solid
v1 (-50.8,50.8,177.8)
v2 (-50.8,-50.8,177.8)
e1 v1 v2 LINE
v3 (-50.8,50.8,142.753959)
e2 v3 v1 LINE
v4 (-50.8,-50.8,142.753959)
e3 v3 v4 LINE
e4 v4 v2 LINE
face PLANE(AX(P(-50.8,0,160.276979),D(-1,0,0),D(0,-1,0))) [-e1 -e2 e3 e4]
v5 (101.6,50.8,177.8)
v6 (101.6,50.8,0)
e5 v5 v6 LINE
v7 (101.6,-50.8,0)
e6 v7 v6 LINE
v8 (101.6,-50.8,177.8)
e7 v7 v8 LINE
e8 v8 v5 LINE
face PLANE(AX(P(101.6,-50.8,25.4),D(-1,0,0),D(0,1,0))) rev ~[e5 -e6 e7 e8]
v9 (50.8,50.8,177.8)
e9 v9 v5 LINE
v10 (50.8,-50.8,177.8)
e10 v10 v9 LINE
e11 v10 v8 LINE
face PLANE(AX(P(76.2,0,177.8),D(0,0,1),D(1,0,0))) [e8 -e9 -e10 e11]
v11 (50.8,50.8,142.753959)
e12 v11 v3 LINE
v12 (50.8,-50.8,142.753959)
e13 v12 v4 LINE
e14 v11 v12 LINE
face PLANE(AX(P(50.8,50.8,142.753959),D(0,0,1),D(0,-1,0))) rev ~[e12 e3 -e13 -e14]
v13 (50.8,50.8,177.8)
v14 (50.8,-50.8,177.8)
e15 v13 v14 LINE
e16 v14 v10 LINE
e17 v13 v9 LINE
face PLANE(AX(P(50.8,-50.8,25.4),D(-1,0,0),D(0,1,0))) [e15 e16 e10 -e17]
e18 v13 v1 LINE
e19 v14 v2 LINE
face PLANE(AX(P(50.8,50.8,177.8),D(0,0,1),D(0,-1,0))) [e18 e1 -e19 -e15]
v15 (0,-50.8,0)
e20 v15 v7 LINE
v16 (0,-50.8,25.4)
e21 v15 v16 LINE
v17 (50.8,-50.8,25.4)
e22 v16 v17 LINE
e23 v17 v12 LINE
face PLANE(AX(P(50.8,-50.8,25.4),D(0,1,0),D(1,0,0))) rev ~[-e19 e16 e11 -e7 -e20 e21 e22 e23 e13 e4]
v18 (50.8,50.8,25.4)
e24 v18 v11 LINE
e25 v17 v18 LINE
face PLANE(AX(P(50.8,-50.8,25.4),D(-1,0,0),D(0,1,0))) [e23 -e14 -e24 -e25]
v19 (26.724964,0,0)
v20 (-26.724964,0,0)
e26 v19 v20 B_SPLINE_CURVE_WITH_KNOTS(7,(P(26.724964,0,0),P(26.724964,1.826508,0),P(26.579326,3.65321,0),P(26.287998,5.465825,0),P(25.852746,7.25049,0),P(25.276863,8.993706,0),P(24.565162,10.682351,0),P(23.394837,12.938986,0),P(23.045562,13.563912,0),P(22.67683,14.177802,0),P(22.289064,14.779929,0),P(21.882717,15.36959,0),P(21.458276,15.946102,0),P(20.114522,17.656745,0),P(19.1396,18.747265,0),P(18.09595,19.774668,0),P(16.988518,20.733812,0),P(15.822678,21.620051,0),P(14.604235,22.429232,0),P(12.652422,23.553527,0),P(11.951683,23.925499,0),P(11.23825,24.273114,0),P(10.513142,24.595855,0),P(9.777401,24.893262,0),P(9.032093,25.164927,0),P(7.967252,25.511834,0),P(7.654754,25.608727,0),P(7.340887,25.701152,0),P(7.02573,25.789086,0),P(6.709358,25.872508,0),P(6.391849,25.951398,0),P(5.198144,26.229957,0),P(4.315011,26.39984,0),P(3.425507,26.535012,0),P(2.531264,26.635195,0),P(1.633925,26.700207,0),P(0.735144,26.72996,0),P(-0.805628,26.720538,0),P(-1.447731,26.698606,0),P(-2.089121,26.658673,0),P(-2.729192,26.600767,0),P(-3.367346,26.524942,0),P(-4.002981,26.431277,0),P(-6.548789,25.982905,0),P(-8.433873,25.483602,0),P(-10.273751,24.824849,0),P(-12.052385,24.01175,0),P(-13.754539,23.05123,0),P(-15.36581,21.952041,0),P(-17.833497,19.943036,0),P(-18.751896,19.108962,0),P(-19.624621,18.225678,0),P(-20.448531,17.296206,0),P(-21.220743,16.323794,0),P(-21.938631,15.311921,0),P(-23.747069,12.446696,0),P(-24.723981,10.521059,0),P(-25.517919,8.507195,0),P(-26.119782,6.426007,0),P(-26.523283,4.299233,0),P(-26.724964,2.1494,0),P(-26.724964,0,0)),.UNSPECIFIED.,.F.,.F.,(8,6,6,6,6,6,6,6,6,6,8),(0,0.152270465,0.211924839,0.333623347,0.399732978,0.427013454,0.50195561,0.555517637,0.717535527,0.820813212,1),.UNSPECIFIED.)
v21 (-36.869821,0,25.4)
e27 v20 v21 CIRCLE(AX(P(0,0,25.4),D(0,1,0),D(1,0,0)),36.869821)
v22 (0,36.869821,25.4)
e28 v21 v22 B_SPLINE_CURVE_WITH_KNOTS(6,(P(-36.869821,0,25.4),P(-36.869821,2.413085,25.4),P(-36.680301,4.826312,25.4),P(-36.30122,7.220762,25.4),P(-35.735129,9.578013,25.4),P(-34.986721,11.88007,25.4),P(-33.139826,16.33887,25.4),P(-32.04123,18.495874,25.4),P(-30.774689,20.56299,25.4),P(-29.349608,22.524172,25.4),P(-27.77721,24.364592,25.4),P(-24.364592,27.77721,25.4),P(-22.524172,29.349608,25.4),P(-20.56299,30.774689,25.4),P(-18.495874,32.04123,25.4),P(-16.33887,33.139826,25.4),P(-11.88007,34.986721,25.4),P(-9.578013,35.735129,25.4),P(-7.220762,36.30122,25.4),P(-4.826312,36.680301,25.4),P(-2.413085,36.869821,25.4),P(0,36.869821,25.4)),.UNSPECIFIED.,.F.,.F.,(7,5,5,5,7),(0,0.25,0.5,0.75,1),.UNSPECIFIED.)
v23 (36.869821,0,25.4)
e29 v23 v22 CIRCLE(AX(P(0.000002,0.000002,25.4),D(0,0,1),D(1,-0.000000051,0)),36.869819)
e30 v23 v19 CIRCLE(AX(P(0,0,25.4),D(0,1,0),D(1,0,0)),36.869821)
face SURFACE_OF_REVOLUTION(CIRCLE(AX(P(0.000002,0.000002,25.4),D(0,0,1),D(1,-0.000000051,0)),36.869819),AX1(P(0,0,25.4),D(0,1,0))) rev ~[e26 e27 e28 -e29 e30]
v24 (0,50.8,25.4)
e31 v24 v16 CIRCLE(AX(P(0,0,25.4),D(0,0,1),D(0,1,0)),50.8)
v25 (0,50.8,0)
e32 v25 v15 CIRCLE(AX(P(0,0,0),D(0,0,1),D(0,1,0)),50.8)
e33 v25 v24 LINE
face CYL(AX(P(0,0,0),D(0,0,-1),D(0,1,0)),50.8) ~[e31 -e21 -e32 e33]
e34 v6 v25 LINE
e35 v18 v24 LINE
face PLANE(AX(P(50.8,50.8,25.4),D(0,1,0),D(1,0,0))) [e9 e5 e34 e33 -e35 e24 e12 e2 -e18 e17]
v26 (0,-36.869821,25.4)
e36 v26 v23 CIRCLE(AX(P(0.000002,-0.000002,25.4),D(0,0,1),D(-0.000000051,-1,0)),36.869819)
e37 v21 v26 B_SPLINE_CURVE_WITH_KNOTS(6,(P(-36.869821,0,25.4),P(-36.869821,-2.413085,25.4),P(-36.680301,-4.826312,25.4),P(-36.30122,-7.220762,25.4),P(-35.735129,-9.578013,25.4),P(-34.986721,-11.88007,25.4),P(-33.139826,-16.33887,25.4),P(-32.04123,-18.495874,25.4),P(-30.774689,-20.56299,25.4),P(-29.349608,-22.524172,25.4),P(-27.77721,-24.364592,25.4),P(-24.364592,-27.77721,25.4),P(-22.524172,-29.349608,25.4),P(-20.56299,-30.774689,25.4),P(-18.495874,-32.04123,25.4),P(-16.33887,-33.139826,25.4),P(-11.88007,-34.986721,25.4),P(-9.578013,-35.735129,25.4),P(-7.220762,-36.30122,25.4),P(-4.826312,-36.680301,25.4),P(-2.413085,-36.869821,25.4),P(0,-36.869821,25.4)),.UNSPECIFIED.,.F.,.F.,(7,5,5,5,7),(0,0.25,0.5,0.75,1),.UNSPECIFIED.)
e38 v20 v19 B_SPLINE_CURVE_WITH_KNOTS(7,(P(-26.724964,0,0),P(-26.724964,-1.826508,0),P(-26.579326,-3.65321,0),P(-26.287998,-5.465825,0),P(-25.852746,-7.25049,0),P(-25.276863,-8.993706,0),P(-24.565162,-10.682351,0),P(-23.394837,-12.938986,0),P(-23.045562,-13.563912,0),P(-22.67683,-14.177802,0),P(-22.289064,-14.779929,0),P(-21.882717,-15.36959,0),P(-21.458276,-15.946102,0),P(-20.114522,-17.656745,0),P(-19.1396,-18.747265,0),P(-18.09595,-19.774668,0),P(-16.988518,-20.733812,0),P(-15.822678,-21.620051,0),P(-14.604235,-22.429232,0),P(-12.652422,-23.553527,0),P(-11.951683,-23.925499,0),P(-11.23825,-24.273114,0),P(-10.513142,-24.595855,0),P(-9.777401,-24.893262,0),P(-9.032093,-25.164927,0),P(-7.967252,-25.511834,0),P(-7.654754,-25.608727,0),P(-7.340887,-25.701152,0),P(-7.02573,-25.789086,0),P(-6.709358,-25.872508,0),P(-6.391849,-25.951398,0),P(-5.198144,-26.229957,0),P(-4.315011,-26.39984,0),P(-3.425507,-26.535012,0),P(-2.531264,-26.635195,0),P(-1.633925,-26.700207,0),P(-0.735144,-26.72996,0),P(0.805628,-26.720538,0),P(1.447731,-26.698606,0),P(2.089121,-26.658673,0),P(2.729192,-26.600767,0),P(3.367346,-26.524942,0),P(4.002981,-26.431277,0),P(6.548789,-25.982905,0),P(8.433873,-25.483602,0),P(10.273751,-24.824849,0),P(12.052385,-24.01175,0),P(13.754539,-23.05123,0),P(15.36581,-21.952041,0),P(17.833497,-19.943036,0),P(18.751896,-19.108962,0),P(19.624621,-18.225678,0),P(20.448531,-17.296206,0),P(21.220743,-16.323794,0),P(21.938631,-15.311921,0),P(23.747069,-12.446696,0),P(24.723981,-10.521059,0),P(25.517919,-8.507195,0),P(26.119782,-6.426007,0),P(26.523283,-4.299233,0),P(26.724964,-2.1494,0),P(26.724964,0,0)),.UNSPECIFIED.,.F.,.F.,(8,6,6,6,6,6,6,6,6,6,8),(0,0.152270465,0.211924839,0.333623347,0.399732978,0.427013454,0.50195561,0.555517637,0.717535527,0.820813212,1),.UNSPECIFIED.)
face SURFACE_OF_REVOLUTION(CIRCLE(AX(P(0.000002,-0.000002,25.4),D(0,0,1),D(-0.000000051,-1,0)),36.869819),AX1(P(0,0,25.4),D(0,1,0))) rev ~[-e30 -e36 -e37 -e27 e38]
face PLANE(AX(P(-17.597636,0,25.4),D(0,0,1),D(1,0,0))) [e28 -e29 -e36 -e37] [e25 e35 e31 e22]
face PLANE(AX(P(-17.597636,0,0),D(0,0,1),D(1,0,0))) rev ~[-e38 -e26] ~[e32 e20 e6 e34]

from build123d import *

# Parameters (mm, degrees)
F1_DEPTH = 25.4
F2_W     = 50.8
F2_H     = 101.6
F3_DEPTH = 152.4
F7_W     = 101.6
F7_H     = 35.046041
F8_DEPTH = 101.6


with BuildPart() as f1:
    # F0 (on Top) → F1 (new body)
    with BuildSketch(Plane.XY):
        with BuildLine():
            Line((0, -50.8), (0, 50.8))
            ThreePointArc((0, 50.8), (-50.8, 0), (0, -50.8))
        make_face()
        with BuildLine():
            ThreePointArc((0, -50.8), (35.921024, -35.921024), (50.8, 0))
            ThreePointArc((50.8, 0), (35.921024, 35.921024), (0, 50.8))
            Line((0, 50.8), (0, -50.8))
        make_face()
        with BuildLine():
            ThreePointArc((0, 50.8), (35.921024, 35.921024), (50.8, 0))
            ThreePointArc((50.8, 0), (35.921024, -35.921024), (0, -50.8))
            Line((0, -50.8), (101.6, -50.8))
            Line((101.6, -50.8), (101.6, 50.8))
            Line((101.6, 50.8), (0, 50.8))
        make_face()
    extrude(amount=F1_DEPTH)

    # F2 (on face) → F3 (join)
    with BuildSketch(Plane.XY.offset(25.4)):
        with Locations((76.2, 0)):
            Rectangle(F2_W, F2_H)
    extrude(amount=F3_DEPTH)


with BuildPart() as f5:
    # F4 (on face) → F5 (revolve)
    with BuildSketch(Plane.XY.offset(25.4)):
        with BuildLine():
            ThreePointArc((0, -36.869821), (26.070901, -26.070901), (36.869821, 0))
            ThreePointArc((36.869821, 0), (26.070901, 26.070901), (0, 36.869821))
            Line((0, 36.869821), (0, -36.869821))
        make_face()
    revolve(axis=Axis((0, 0, 25.4), (0, 1, 0)))


with BuildPart() as f1_1:
    add(f1.part)

    # F6: cut F5
    add(f5.part, mode=Mode.SUBTRACT)

    # F7 (on face) → F8 (join)
    with BuildSketch(Plane(origin=(50.8, 0, 0), x_dir=(0, -1, 0), z_dir=(-1, 0, 0))):
        with Locations((0, 160.276979)):
            Rectangle(F7_W, F7_H)
    extrude(amount=F8_DEPTH)


solid = f1_1.part
